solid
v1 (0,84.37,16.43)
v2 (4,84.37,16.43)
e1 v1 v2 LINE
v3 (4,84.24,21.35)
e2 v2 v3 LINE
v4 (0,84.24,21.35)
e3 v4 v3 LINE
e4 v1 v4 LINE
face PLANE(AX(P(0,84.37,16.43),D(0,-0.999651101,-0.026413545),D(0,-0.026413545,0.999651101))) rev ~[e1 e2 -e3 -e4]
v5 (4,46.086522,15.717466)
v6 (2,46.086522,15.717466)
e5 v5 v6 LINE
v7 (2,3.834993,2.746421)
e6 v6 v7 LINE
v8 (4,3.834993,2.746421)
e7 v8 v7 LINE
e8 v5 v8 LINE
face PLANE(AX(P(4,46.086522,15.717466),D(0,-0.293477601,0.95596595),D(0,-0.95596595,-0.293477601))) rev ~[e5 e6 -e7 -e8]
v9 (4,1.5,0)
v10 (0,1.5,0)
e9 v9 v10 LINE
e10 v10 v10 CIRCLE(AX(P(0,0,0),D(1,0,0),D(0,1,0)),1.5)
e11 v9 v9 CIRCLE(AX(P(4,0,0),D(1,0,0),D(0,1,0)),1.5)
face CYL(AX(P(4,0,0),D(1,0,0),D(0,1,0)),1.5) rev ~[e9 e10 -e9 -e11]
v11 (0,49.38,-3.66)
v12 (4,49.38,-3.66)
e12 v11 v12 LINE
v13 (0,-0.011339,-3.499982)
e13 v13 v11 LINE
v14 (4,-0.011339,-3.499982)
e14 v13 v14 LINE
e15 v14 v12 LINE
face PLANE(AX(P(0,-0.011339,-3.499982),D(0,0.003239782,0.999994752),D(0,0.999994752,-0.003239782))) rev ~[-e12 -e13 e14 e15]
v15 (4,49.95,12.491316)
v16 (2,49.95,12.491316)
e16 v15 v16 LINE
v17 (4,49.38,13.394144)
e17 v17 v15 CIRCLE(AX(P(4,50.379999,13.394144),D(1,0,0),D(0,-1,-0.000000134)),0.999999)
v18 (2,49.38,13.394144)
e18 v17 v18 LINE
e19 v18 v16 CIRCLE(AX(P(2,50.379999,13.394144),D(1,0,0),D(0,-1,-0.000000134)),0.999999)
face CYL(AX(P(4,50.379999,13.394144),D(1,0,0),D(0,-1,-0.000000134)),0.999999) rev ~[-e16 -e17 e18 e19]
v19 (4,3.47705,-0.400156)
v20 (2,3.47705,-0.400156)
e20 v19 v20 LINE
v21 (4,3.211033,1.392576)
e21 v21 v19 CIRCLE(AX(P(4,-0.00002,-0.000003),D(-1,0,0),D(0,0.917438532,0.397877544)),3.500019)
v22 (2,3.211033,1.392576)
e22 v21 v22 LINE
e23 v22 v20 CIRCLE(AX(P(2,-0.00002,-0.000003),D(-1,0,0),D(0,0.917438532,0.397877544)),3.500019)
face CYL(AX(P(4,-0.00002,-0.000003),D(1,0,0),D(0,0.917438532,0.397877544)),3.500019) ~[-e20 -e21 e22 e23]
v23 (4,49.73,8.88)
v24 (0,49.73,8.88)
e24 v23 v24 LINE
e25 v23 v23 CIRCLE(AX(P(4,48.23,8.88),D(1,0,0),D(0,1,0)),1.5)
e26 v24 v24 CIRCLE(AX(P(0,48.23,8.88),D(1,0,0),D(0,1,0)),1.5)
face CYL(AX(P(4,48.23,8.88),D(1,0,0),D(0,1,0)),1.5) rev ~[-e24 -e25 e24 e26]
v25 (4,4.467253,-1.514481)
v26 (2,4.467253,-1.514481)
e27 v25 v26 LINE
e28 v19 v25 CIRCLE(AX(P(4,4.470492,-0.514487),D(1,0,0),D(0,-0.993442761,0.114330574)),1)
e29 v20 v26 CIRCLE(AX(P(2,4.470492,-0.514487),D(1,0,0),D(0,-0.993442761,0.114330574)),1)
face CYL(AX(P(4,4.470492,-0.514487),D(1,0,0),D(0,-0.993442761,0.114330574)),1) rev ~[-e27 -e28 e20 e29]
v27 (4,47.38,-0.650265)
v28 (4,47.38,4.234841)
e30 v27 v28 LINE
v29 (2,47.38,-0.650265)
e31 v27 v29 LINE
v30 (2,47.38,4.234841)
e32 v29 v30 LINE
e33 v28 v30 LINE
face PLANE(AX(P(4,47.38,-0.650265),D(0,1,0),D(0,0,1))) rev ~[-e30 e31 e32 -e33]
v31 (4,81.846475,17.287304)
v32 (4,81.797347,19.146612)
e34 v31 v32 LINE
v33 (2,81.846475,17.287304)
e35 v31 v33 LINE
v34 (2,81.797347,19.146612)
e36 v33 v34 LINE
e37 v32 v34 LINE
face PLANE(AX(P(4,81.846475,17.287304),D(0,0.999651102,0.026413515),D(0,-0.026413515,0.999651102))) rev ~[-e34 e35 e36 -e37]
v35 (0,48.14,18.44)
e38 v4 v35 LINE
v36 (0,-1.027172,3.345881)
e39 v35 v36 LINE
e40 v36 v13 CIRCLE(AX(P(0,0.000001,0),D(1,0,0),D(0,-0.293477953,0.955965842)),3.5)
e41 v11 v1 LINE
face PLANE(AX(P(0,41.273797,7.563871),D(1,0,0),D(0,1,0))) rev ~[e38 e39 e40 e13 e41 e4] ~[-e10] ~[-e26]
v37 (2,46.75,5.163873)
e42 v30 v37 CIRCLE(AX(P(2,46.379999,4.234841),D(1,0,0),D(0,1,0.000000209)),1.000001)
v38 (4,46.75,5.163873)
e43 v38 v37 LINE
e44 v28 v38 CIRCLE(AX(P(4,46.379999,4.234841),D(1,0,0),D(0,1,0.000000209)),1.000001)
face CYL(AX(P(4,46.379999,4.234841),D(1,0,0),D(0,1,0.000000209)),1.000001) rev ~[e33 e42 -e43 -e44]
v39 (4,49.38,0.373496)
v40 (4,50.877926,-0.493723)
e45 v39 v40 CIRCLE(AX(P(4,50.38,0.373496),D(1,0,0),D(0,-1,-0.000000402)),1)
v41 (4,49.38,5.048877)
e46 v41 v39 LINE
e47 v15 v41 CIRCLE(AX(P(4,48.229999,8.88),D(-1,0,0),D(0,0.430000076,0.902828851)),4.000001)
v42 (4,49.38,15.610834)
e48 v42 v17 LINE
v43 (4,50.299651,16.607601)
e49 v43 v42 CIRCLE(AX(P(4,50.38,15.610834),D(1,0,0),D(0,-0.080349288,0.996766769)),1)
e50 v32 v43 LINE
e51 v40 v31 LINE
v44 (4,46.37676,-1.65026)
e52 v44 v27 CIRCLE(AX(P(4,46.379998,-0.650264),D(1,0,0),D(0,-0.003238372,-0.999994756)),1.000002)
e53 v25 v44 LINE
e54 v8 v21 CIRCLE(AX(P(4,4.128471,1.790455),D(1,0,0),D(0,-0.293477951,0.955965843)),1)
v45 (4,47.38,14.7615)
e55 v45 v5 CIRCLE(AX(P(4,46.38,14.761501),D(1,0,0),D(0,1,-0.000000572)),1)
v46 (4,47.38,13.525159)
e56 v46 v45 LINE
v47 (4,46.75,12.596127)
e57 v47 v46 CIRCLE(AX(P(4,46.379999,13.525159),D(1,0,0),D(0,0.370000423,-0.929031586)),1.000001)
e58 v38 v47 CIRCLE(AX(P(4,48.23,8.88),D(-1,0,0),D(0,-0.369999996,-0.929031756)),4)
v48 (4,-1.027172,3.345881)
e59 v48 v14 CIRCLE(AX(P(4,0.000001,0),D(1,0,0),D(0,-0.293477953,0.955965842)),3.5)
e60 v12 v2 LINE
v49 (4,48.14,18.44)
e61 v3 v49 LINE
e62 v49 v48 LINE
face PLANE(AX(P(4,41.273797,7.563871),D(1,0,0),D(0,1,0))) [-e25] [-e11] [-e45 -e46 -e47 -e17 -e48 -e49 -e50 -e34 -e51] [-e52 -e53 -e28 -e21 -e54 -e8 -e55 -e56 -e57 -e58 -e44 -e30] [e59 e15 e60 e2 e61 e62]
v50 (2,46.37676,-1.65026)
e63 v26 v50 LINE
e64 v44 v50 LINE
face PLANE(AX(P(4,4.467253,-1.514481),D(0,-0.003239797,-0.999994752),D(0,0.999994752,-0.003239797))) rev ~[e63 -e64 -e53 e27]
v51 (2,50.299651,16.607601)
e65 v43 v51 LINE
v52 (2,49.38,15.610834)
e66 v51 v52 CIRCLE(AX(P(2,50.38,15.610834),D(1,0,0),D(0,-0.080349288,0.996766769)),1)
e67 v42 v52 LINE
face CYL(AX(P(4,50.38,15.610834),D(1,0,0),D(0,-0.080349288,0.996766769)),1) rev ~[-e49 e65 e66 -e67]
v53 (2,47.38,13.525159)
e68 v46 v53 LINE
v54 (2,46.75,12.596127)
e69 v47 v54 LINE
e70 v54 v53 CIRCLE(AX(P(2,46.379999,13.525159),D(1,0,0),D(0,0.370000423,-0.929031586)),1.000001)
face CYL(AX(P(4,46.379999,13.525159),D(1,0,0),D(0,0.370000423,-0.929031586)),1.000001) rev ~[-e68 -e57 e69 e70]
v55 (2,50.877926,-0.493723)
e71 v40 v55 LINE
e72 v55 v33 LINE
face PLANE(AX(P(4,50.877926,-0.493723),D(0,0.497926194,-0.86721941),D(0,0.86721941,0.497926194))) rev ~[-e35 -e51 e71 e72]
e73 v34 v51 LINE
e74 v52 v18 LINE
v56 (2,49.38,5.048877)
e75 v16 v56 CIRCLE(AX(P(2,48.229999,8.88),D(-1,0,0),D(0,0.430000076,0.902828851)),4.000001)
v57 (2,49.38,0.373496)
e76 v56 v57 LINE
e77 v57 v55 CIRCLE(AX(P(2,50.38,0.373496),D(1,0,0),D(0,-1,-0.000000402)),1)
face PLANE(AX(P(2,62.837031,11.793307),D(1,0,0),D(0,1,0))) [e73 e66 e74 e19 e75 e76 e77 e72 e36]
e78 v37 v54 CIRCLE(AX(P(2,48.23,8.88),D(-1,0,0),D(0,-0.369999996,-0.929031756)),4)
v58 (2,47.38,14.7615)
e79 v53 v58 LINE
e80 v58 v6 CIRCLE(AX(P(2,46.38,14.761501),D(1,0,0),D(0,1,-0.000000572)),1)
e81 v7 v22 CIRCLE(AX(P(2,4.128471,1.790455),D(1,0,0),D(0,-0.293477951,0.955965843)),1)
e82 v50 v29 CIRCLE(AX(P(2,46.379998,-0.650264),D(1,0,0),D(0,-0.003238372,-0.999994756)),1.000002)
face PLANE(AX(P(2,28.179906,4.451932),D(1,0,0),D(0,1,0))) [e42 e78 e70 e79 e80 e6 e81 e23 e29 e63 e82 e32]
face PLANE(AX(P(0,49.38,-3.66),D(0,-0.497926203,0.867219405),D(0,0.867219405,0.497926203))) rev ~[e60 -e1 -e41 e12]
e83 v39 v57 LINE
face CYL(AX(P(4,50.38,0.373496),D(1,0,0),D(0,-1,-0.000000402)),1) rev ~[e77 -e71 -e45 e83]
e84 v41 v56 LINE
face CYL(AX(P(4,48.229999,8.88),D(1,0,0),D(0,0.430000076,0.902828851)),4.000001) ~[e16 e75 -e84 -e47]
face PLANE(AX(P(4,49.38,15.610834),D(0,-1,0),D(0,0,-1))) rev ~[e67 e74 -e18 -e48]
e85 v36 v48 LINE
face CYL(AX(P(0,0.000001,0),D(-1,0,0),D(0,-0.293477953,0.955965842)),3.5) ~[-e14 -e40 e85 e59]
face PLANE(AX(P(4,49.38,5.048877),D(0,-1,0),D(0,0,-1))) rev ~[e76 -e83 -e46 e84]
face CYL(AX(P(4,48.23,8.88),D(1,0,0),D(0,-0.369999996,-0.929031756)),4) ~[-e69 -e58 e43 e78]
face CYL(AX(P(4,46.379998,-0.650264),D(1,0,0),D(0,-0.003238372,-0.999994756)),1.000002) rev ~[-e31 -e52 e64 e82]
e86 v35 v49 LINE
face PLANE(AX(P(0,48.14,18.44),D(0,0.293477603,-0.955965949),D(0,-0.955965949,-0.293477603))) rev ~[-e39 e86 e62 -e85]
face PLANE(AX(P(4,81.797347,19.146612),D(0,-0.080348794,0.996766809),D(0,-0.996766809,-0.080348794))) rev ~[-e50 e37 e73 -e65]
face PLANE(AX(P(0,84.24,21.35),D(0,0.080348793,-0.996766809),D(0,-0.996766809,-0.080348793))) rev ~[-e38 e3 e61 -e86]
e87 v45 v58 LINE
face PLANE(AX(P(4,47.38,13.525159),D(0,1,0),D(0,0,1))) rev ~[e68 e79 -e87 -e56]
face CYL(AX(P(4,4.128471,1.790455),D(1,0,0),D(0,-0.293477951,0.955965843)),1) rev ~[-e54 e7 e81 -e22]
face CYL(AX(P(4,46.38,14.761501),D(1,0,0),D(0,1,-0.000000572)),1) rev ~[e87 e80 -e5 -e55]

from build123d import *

# Parameters (mm, degrees)
F1_DEPTH = 4
F3_DEPTH = 2
F4_R     = 1.5
F5_DEPTH = 4.001


with BuildPart() as f1:
    # F0 (on Right) → F1 (new body)
    with BuildSketch(Plane.YZ):
        with BuildLine():
            Line((48.14, 18.44), (-1.027172, 3.345881))
            ThreePointArc((-1.027172, 3.345881), (-3.462092, -0.513727), (-0.011339, -3.499982))
            Line((-0.011339, -3.499982), (49.38, -3.66))
            Line((49.38, -3.66), (84.37, 16.43))
            Line((84.37, 16.43), (84.24, 21.35))
            Line((84.24, 21.35), (48.14, 18.44))
        make_face()
    extrude(amount=F1_DEPTH)

    # F2 (on face) → F3 (cut)
    with BuildSketch(Plane.YZ.offset(4)):
        with BuildLine():
            ThreePointArc((46.75, 5.163873), (44.23, 8.88), (46.75, 12.596127))
            ThreePointArc((46.75, 12.596127), (47.207647, 12.96391), (47.38, 13.525159))
            Line((47.38, 13.525159), (47.38, 14.7615))
            ThreePointArc((47.38, 14.7615), (46.974358, 15.565701), (46.086522, 15.717466))
            Line((46.086522, 15.717466), (3.834993, 2.746421))
            ThreePointArc((3.834993, 2.746421), (3.220284, 2.20902), (3.211033, 1.392576))
            ThreePointArc((3.211033, 1.392576), (3.462092, 0.513727), (3.47705, -0.400156))
            ThreePointArc((3.47705, -0.400156), (3.722981, -1.178735), (4.467253, -1.514481))
            Line((4.467253, -1.514481), (46.37676, -1.65026))
            ThreePointArc((46.37676, -1.65026), (47.08596, -1.358516), (47.38, -0.650265))
            Line((47.38, -0.650265), (47.38, 4.234841))
            ThreePointArc((47.38, 4.234841), (47.207647, 4.79609), (46.75, 5.163873))
        make_face()
        with BuildLine():
            Line((49.38, 15.610834), (49.38, 13.394144))
            ThreePointArc((49.38, 13.394144), (49.534423, 12.860291), (49.95, 12.491316))
            ThreePointArc((49.95, 12.491316), (52.21832, 8.574543), (49.38, 5.048877))
            Line((49.38, 5.048877), (49.38, 0.373496))
            ThreePointArc((49.38, 0.373496), (49.878964, -0.49193), (50.877926, -0.493723))
            Line((50.877926, -0.493723), (81.846475, 17.287304))
            Line((81.846475, 17.287304), (81.797347, 19.146612))
            Line((81.797347, 19.146612), (50.299651, 16.607601))
            ThreePointArc((50.299651, 16.607601), (49.645034, 16.288938), (49.38, 15.610834))
        make_face()
    extrude(amount=-F3_DEPTH, mode=Mode.SUBTRACT)

    # F4 (on face) → F5 (cut, through all)
    with BuildSketch(Plane.YZ.offset(4)):
        Circle(F4_R)
        with Locations((48.23, 8.88)):
            Circle(F4_R)
    extrude(amount=-F5_DEPTH, mode=Mode.SUBTRACT)


solid = f1.part
